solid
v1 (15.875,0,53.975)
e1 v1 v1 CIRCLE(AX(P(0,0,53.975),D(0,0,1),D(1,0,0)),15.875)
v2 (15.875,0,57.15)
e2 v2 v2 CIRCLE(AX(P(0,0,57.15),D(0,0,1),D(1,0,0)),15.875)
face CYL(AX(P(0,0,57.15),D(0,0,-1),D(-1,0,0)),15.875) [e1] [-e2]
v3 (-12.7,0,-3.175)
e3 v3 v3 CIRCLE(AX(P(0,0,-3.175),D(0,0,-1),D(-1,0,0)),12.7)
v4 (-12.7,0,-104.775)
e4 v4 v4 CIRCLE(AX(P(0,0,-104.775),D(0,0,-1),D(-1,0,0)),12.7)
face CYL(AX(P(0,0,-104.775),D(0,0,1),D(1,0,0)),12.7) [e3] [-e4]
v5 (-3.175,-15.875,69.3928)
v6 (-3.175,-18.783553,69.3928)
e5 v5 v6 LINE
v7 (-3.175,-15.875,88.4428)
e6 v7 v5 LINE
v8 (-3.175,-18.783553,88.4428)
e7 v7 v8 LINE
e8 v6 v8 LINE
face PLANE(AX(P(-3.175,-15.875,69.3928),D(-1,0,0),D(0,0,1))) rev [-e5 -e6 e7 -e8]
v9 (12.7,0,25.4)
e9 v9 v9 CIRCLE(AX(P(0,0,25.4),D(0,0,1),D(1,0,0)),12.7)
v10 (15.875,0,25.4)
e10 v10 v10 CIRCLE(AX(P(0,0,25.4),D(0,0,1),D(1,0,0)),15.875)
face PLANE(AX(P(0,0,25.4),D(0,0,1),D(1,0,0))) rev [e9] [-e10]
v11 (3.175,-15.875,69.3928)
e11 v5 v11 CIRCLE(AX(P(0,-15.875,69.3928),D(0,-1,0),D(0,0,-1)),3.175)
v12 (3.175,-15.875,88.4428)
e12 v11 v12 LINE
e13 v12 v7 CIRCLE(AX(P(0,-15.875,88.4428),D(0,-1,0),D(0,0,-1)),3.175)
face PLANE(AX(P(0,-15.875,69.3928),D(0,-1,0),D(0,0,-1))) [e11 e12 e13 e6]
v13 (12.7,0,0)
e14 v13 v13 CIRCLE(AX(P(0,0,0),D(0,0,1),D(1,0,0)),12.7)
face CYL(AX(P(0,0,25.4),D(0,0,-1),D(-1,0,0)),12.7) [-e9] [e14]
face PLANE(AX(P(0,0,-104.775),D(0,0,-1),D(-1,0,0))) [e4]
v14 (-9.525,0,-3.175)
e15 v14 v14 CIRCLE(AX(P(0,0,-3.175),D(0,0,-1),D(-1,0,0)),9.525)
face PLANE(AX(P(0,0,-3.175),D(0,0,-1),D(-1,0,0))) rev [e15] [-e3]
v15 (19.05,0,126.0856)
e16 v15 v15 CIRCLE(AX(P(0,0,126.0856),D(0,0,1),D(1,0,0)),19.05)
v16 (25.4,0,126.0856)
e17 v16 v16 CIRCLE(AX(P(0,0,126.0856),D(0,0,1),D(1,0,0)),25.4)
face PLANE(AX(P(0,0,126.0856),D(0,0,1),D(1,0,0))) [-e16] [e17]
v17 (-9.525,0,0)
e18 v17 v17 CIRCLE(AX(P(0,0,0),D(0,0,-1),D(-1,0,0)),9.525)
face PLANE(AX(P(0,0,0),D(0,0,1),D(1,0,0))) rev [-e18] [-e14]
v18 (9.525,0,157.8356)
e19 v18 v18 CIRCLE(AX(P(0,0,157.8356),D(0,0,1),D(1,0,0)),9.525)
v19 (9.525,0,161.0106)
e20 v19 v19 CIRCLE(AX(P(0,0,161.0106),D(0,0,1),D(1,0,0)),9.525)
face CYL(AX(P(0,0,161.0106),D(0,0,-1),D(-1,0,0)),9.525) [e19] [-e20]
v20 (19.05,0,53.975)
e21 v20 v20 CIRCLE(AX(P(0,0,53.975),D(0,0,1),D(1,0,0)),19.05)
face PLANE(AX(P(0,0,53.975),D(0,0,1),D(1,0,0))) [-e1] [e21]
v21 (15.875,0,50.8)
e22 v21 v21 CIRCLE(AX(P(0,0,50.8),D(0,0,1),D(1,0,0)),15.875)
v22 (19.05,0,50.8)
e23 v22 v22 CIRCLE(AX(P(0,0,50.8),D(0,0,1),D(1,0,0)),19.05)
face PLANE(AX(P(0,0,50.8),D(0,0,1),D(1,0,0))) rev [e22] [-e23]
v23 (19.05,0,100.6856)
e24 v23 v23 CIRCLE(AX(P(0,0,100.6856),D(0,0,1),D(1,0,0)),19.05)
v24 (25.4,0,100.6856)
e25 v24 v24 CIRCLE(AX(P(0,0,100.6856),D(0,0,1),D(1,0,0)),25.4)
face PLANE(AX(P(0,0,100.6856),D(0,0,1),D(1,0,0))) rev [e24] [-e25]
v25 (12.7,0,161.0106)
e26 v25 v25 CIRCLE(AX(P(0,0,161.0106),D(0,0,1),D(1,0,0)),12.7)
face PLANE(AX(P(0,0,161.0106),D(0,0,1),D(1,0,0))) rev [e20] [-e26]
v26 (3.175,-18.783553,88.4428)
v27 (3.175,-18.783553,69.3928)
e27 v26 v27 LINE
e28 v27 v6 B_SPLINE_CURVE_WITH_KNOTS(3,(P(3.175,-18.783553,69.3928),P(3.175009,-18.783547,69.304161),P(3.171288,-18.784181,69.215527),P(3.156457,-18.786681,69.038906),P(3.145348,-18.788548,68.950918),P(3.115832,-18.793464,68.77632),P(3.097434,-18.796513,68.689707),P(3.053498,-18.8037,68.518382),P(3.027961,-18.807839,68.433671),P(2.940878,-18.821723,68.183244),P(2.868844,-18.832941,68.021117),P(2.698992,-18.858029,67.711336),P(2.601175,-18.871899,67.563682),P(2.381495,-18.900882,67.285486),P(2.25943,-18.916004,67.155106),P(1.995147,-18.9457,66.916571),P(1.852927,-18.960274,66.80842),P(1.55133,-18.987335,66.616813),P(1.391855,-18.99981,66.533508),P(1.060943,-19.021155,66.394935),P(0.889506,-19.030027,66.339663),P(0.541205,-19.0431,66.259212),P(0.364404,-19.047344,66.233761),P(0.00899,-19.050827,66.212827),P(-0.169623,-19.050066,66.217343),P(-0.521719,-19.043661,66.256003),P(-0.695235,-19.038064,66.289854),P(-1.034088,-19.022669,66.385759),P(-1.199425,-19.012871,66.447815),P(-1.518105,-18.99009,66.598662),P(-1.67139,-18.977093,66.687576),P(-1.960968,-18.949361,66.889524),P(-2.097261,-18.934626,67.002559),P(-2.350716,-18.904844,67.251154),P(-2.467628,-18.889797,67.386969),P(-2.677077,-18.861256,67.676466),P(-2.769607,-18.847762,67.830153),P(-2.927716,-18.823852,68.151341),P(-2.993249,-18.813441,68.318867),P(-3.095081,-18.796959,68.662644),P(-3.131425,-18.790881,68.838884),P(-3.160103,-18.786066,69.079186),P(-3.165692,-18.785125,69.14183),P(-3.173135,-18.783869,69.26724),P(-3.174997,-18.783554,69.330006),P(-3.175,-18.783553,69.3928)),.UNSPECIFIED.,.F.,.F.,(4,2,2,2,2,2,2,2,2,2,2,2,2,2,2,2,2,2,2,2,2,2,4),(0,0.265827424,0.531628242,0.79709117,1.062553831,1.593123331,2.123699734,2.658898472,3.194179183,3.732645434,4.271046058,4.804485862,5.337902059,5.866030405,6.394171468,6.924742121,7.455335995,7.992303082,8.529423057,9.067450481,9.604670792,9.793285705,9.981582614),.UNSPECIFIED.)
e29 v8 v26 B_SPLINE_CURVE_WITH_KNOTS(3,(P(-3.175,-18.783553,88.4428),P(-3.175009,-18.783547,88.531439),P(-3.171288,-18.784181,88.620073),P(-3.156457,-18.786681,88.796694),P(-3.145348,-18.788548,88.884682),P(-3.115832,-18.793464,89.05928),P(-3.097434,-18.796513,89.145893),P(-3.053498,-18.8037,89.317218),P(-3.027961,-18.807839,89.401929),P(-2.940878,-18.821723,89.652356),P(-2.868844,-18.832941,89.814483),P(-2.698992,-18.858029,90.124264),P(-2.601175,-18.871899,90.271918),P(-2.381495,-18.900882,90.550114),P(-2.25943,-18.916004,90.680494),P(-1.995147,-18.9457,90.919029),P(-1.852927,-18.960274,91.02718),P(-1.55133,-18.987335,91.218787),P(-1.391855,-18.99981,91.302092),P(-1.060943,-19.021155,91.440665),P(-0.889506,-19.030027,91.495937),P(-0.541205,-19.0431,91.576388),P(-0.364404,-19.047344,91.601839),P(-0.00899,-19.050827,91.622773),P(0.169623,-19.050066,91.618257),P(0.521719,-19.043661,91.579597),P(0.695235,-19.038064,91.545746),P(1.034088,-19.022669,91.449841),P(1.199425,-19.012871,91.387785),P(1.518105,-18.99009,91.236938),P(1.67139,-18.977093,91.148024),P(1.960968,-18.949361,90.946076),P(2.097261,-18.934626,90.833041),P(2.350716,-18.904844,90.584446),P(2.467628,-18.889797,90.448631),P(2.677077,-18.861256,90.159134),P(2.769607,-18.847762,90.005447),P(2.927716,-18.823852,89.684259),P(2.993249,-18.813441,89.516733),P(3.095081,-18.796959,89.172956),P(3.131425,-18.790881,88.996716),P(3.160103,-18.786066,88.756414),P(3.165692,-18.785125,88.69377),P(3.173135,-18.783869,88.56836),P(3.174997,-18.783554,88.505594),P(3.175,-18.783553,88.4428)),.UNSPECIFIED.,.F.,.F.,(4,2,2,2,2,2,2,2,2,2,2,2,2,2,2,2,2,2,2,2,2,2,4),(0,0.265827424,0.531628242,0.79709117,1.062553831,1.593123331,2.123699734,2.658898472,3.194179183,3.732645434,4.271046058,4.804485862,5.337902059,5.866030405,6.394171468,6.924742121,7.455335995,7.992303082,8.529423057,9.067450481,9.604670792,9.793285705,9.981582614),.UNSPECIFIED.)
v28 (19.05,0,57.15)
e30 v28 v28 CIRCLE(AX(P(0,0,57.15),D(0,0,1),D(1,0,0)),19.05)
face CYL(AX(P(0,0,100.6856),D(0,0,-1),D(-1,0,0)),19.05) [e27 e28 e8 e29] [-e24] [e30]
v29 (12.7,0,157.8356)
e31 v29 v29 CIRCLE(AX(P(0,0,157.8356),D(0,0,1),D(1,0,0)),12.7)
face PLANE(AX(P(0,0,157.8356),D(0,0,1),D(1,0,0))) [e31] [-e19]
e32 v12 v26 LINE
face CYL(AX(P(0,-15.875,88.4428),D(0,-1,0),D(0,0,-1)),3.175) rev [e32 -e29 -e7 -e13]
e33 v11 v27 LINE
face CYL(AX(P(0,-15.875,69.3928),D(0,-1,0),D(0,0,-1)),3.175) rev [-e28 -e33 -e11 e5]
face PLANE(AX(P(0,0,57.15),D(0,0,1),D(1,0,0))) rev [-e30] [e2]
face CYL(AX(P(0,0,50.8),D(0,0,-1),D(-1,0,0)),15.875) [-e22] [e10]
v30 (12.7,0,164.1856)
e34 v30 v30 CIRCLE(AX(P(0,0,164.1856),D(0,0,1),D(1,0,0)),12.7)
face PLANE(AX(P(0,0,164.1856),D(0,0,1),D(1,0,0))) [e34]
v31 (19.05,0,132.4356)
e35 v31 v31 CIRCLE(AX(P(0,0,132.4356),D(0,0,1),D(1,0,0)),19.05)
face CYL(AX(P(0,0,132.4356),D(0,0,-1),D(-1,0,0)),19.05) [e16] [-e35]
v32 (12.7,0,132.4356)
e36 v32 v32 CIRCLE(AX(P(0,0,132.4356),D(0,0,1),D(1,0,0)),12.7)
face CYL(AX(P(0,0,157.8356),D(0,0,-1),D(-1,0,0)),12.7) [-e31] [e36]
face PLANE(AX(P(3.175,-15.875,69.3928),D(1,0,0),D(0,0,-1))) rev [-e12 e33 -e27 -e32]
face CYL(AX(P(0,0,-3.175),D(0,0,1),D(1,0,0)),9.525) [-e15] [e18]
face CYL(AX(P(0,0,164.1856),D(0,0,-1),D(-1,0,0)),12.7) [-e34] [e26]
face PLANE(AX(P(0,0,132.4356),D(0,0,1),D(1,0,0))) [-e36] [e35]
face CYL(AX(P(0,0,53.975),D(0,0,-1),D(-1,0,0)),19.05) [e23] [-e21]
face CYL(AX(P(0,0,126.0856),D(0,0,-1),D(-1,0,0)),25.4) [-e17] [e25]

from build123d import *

# Parameters (mm, degrees)
SKETCH2_R            = 12.7
BOSS_EXTRUDE1_DEPTH  = 25.4
SKETCH3_R            = 15.875
BOSS_EXTRUDE2_DEPTH  = 25.4
SKETCH4_R            = 19.05
BOSS_EXTRUDE3_DEPTH  = 3.175
SKETCH5_R            = 15.875
BOSS_EXTRUDE4_DEPTH  = 3.175
SKETCH6_R            = 19.05
BOSS_EXTRUDE5_DEPTH  = 43.5356
SKETCH7_R            = 25.4
BOSS_EXTRUDE6_DEPTH  = 25.4
SKETCH8_R            = 19.05
BOSS_EXTRUDE7_DEPTH  = 6.35
SKETCH9_R            = 12.7
BOSS_EXTRUDE8_DEPTH  = 25.4
CUT_EXTRUDE1_DEPTH   = 3.175
SKETCH11_R           = 9.525
BOSS_EXTRUDE9_DEPTH  = 3.175
SKETCH12_R           = 12.7
BOSS_EXTRUDE10_DEPTH = 101.6
SKETCH13_R           = 9.525
BOSS_EXTRUDE11_DEPTH = 3.175
SKETCH14_R           = 12.7
BOSS_EXTRUDE12_DEPTH = 3.175


with BuildPart() as part:
    # Sketch2 → Boss-Extrude1 (new body)
    with BuildSketch(Plane.XY):
        Circle(SKETCH2_R)
    extrude(amount=BOSS_EXTRUDE1_DEPTH)

    # Sketch3 → Boss-Extrude2 (add)
    with BuildSketch(Plane.XY.offset(25.4)):
        Circle(SKETCH3_R)
    extrude(amount=BOSS_EXTRUDE2_DEPTH)

    # Sketch4 → Boss-Extrude3 (add)
    with BuildSketch(Plane.XY.offset(50.8)):
        Circle(SKETCH4_R)
    extrude(amount=BOSS_EXTRUDE3_DEPTH)

    # Sketch5 → Boss-Extrude4 (add)
    with BuildSketch(Plane.XY.offset(53.975)):
        Circle(SKETCH5_R)
    extrude(amount=BOSS_EXTRUDE4_DEPTH)

    # Sketch6 → Boss-Extrude5 (add)
    with BuildSketch(Plane.XY.offset(57.15)):
        Circle(SKETCH6_R)
    extrude(amount=BOSS_EXTRUDE5_DEPTH)

    # Sketch7 → Boss-Extrude6 (add)
    with BuildSketch(Plane.XY.offset(100.6856)):
        Circle(SKETCH7_R)
    extrude(amount=BOSS_EXTRUDE6_DEPTH)

    # Sketch8 → Boss-Extrude7 (add)
    with BuildSketch(Plane.XY.offset(126.0856)):
        Circle(SKETCH8_R)
    extrude(amount=BOSS_EXTRUDE7_DEPTH)

    # Sketch9 → Boss-Extrude8 (add)
    with BuildSketch(Plane.XY.offset(132.4356)):
        Circle(SKETCH9_R)
    extrude(amount=BOSS_EXTRUDE8_DEPTH)

    # Sketch10 → Cut-Extrude1 (cut)
    with BuildSketch(Plane(origin=(0, -19.05, 0), x_dir=(-1, 0, 0), z_dir=(0, -1, 0))):
        with BuildLine():
            Line((3.175, -69.3928), (3.175, -88.4428))
            ThreePointArc((3.175, -88.4428), (0, -91.6178), (-3.175, -88.4428))
            Line((-3.175, -88.4428), (-3.175, -69.3928))
            ThreePointArc((-3.175, -69.3928), (0, -66.2178), (3.175, -69.3928))
        make_face()
    extrude(amount=-CUT_EXTRUDE1_DEPTH, mode=Mode.SUBTRACT)

    # Sketch11 → Boss-Extrude9 (add)
    with BuildSketch(Plane(origin=(0, 0, 0), x_dir=(-1, 0, 0), z_dir=(0, 0, -1))):
        Circle(SKETCH11_R)
    extrude(amount=BOSS_EXTRUDE9_DEPTH)

    # Sketch12 → Boss-Extrude10 (add)
    with BuildSketch(Plane(origin=(0, 0, -3.175), x_dir=(-1, 0, 0), z_dir=(0, 0, -1))):
        Circle(SKETCH12_R)
    extrude(amount=BOSS_EXTRUDE10_DEPTH)

    # Sketch13 → Boss-Extrude11 (add)
    with BuildSketch(Plane.XY.offset(157.8356)):
        Circle(SKETCH13_R)
    extrude(amount=BOSS_EXTRUDE11_DEPTH)

    # Sketch14 → Boss-Extrude12 (add)
    with BuildSketch(Plane.XY.offset(161.0106)):
        Circle(SKETCH14_R)
    extrude(amount=BOSS_EXTRUDE12_DEPTH)


solid = part.part
